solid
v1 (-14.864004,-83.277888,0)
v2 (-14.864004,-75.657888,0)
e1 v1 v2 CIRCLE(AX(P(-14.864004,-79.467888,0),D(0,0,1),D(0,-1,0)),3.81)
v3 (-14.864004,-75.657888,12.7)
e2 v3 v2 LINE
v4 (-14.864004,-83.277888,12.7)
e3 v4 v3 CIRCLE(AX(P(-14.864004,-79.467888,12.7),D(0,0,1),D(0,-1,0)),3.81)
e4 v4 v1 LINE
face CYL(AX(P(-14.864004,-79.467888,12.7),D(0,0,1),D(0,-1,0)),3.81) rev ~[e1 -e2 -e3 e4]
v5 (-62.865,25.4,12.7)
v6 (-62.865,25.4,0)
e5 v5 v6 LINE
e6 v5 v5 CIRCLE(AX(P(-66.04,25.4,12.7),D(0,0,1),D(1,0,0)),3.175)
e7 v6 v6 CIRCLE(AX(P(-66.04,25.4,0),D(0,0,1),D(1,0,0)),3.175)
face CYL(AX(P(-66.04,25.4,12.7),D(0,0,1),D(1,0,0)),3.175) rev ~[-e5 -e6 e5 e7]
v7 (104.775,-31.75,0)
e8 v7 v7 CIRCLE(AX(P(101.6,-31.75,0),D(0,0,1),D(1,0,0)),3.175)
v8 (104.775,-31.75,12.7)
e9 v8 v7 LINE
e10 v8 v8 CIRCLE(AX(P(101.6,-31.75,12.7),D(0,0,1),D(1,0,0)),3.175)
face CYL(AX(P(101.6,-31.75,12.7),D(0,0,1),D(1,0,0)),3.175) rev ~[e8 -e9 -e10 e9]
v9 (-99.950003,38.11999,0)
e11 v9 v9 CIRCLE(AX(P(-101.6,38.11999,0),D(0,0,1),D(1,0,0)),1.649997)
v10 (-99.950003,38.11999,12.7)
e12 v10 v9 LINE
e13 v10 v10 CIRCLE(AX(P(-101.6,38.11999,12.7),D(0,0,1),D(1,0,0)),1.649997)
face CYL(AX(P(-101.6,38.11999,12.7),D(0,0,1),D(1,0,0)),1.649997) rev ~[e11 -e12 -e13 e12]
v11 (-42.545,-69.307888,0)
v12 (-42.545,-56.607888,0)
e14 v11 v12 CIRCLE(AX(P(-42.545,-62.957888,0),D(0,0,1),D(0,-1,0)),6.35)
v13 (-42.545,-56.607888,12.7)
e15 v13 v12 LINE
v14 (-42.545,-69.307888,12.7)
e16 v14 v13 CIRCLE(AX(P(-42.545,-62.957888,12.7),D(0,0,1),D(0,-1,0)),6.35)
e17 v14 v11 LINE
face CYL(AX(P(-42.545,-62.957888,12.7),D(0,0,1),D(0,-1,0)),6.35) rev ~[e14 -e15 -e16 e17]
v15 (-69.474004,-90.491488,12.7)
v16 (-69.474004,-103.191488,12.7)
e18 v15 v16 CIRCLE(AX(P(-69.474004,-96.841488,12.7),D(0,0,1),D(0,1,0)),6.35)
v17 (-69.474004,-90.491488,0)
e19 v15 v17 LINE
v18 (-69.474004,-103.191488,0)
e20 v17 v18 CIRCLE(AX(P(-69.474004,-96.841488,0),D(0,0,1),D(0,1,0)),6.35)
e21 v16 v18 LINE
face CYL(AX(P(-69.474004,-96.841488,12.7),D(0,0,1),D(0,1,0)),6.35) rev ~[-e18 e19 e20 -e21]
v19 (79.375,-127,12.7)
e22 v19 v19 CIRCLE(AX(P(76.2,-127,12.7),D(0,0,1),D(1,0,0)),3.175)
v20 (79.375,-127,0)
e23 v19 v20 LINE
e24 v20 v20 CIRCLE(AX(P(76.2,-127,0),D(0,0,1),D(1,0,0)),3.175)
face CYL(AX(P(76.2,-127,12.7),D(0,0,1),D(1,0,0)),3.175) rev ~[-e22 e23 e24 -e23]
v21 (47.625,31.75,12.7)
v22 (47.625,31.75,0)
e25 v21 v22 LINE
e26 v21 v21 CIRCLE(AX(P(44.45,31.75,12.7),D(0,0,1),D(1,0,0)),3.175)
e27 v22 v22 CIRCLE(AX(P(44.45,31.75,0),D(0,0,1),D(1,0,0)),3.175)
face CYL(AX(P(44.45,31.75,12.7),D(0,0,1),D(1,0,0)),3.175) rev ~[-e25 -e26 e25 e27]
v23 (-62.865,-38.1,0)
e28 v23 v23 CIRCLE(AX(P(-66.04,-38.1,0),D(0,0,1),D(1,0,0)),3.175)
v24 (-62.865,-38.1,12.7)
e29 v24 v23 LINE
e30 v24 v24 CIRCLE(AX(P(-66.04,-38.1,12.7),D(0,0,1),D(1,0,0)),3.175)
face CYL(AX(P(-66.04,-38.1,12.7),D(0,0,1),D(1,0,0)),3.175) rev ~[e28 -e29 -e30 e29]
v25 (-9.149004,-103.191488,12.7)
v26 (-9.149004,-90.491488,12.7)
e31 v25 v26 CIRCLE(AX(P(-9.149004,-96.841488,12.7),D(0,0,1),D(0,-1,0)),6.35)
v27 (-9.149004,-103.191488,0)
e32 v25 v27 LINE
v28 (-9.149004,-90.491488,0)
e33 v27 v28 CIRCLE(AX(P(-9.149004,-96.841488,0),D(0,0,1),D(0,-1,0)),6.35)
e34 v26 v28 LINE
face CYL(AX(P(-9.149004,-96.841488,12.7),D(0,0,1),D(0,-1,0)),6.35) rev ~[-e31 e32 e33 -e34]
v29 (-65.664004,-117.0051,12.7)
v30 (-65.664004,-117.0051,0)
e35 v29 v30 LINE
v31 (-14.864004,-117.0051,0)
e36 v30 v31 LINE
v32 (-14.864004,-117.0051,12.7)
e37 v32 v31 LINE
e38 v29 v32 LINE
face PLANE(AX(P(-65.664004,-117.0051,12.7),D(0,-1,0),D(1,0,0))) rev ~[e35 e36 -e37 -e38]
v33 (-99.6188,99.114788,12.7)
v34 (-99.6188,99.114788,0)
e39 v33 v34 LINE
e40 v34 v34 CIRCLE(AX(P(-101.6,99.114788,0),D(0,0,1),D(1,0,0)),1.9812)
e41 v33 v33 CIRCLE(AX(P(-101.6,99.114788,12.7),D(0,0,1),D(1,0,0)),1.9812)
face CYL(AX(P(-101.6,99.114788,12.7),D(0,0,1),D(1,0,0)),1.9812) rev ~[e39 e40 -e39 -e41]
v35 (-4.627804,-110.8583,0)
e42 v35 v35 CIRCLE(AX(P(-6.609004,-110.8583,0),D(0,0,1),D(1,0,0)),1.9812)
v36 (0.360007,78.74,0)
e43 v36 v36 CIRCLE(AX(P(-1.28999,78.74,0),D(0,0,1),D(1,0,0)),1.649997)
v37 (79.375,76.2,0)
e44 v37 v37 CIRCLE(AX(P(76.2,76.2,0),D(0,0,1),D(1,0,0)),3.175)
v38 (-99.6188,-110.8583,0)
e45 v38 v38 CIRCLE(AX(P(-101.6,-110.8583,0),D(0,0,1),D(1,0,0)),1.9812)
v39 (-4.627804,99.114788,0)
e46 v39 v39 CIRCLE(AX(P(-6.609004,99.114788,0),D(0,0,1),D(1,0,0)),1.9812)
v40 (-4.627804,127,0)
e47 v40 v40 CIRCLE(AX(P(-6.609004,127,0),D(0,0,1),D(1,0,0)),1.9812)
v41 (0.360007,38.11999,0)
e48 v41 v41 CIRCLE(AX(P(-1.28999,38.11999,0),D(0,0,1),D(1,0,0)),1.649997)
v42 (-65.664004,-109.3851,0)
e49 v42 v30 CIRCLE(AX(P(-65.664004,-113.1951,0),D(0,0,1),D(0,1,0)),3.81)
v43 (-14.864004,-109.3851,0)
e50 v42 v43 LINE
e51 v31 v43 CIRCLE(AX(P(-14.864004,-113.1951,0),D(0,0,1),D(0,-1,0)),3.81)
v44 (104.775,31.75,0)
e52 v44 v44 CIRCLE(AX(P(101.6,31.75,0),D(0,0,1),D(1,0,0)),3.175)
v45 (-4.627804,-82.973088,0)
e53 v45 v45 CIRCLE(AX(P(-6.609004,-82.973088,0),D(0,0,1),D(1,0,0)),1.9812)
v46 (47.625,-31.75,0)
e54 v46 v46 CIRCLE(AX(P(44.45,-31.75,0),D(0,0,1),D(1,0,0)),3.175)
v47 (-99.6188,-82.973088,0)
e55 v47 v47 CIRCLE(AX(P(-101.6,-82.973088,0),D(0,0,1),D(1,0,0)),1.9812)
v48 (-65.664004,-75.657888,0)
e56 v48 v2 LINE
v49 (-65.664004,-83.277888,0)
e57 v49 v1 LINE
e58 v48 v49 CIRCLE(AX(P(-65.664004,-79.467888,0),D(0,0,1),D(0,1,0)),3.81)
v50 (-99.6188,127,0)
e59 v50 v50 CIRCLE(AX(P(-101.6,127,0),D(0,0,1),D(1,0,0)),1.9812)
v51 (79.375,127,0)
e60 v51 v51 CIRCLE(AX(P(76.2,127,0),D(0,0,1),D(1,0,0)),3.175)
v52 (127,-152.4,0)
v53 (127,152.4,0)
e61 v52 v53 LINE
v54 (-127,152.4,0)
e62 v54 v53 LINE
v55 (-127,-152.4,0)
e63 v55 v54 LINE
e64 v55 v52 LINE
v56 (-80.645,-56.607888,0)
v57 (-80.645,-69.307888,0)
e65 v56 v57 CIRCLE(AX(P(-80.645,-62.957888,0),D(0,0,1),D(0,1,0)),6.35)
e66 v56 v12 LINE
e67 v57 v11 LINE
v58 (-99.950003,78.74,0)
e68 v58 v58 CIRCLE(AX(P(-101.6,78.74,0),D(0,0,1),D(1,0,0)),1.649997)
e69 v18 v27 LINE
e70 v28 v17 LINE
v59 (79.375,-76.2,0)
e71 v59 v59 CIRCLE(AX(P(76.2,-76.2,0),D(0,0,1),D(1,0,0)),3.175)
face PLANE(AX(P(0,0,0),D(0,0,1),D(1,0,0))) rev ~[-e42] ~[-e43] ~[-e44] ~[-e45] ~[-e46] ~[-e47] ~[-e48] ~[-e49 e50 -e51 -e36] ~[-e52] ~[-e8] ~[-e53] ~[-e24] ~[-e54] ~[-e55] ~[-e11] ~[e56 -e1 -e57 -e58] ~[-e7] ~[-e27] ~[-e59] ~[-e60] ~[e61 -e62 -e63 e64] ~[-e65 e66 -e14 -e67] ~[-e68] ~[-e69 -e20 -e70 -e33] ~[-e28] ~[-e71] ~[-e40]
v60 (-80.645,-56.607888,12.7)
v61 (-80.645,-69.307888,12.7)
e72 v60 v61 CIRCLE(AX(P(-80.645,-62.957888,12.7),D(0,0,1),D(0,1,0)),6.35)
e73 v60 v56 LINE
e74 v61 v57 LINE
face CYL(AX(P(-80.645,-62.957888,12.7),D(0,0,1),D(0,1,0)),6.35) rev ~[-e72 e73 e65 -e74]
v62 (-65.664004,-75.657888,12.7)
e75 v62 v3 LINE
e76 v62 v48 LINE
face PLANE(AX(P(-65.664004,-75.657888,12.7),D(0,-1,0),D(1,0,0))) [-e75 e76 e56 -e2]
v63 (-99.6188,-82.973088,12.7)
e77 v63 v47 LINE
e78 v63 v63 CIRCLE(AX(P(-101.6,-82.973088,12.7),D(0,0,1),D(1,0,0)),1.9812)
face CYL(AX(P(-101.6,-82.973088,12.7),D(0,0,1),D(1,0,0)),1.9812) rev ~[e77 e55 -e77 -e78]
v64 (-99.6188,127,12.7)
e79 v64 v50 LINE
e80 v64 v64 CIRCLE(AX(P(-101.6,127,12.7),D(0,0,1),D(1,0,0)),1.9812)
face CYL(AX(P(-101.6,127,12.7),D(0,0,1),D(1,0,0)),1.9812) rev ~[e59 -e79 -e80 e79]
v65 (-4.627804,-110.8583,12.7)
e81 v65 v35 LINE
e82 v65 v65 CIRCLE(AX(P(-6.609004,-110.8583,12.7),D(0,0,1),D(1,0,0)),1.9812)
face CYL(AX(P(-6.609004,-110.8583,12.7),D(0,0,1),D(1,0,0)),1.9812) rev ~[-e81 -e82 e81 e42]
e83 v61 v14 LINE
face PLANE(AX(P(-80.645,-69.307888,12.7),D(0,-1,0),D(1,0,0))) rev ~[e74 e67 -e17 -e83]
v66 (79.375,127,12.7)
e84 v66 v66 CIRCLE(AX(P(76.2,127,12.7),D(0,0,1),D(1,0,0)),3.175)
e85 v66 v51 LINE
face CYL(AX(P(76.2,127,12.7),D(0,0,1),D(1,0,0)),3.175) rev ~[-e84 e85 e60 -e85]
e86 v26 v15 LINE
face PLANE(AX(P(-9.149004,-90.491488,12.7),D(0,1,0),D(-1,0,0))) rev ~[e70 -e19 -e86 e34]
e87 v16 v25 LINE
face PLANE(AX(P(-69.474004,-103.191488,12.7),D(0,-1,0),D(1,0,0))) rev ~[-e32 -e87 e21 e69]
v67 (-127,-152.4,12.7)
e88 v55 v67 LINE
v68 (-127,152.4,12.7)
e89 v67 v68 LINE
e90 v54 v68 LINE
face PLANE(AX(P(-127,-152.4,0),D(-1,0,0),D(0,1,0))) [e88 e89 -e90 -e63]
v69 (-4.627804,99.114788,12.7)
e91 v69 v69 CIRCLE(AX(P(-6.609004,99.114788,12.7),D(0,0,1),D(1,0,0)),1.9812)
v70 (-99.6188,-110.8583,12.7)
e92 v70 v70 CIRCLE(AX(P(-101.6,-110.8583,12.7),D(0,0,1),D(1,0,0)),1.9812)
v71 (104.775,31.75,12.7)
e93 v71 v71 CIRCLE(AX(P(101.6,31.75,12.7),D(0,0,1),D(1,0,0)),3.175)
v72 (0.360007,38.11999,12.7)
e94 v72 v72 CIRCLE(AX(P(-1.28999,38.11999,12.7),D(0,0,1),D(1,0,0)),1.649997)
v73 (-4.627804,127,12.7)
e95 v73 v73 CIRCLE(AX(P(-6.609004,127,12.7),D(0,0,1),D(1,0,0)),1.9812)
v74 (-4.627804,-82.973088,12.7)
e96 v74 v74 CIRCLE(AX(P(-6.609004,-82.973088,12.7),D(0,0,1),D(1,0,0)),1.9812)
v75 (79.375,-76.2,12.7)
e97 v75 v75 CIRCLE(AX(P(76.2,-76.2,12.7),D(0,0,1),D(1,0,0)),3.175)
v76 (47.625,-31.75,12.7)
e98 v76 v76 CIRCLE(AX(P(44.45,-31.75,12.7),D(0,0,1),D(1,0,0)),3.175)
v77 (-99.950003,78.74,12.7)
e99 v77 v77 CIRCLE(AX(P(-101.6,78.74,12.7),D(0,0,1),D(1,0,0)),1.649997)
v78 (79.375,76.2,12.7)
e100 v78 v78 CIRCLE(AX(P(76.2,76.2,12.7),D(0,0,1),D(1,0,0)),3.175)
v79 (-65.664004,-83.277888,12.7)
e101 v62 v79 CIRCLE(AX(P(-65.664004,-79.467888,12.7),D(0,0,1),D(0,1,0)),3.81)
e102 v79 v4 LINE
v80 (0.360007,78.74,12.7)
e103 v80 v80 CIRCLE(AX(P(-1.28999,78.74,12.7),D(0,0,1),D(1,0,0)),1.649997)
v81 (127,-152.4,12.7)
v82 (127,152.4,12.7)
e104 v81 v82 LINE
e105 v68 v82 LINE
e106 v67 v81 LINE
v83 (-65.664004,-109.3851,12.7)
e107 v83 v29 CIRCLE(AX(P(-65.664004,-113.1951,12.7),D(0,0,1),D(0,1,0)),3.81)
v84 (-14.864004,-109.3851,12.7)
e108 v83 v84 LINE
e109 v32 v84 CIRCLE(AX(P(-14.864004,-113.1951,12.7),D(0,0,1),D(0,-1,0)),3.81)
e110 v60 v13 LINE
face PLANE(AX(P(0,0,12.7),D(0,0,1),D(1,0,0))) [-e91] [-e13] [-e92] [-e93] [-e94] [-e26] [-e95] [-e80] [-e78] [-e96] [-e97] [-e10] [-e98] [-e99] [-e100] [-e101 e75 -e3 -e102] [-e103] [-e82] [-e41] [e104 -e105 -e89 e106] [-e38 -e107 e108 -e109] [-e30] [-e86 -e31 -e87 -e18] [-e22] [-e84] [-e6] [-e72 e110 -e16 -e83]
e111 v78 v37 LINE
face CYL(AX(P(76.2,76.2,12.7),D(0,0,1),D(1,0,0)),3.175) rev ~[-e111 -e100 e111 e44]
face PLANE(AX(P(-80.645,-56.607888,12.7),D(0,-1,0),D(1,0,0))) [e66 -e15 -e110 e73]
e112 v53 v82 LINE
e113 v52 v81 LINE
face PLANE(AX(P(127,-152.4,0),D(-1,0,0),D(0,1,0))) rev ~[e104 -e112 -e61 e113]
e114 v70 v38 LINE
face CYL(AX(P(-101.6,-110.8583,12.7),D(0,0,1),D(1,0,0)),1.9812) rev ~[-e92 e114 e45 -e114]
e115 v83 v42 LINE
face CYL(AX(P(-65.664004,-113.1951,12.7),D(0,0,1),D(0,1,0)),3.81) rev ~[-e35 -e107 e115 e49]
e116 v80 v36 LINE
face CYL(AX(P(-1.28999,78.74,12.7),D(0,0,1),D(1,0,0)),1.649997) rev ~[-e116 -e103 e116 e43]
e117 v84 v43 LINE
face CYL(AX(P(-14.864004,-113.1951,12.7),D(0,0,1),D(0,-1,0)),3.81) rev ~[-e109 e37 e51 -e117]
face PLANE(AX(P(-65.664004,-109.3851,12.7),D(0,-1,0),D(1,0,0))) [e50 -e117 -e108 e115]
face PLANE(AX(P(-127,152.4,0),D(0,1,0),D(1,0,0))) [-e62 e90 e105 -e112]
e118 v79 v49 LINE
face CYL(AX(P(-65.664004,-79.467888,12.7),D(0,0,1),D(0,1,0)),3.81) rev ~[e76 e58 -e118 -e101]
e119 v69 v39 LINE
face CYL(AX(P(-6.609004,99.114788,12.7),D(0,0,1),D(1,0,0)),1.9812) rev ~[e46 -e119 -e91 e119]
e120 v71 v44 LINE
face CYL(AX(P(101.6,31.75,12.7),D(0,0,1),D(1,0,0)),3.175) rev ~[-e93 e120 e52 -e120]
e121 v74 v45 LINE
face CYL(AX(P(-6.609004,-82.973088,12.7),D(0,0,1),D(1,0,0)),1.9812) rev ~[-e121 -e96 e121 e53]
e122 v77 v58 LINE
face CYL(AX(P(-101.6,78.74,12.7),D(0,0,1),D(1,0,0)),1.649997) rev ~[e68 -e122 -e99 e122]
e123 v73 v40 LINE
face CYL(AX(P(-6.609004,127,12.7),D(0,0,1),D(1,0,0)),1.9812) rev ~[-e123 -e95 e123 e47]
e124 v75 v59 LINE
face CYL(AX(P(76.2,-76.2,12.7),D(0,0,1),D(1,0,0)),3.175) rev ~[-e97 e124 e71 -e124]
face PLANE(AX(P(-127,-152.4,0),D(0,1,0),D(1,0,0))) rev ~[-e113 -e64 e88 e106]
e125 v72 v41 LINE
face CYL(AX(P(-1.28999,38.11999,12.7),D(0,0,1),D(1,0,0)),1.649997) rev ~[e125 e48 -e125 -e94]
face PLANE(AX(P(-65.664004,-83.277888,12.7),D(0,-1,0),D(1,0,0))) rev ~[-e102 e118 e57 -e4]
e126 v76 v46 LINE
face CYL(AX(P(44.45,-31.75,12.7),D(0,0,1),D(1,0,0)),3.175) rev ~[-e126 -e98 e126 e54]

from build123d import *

# Parameters (mm, degrees)
F0_W     = 254
F0_H     = 304.8
F1_DEPTH = 12.7
F2_R     = 1.9812
F2_R_2   = 1.649997
F2_R_3   = 3.175
F2_W     = 50.8
F2_H     = 7.62
F2_W_2   = 38.1
F2_H_2   = 12.7
F3_DEPTH = 25.4


with BuildPart() as f1:
    # F0 (on Top) → F1 (new body)
    with BuildSketch(Plane.XY):
        Rectangle(F0_W, F0_H)
    extrude(amount=F1_DEPTH)

    # F2 (on face) → F3 (cut)
    with BuildSketch(Plane.XY.offset(12.7)):
        with Locations((-101.6, 127)):
            Circle(F2_R)
        with Locations((-101.6, 99.114788)):
            Circle(F2_R)
        with Locations((-6.609004, 127)):
            Circle(F2_R)
        with Locations((-6.609004, 99.114788)):
            Circle(F2_R)
        with Locations((-101.6, -82.973088)):
            Circle(F2_R)
        with Locations((-6.609004, -82.973088)):
            Circle(F2_R)
        with Locations((-6.609004, -110.8583)):
            Circle(F2_R)
        with Locations((-101.6, -110.8583)):
            Circle(F2_R)
        with Locations((-101.6, 78.74)):
            Circle(F2_R_2)
        with Locations((-101.6, 38.11999)):
            Circle(F2_R_2)
        with Locations((-66.04, 25.4)):
            Circle(F2_R_3)
        with Locations((-66.04, -38.1)):
            Circle(F2_R_3)
        with Locations((76.2, -76.2)):
            Circle(F2_R_3)
        with Locations((76.2, -127)):
            Circle(F2_R_3)
        with Locations((76.2, 127)):
            Circle(F2_R_3)
        with Locations((76.2, 76.2)):
            Circle(F2_R_3)
        with Locations((44.45, 31.75)):
            Circle(F2_R_3)
        with Locations((101.6, 31.75)):
            Circle(F2_R_3)
        with Locations((44.45, -31.75)):
            Circle(F2_R_3)
        with Locations((101.6, -31.75)):
            Circle(F2_R_3)
        Polygon((-9.149004, -90.491488), (-69.474004, -90.491488), (-69.474004, -96.841488), (-69.474004, -103.191488), (-9.149004, -103.191488), align=None)
        with BuildLine():
            Line((-69.474004, -96.841488), (-69.474004, -90.491488))
            ThreePointArc((-69.474004, -90.491488), (-75.824004, -96.841488), (-69.474004, -103.191488))
            Line((-69.474004, -103.191488), (-69.474004, -96.841488))
        make_face()
        with BuildLine():
            ThreePointArc((-9.149004, -103.191488), (-2.799004, -96.841488), (-9.149004, -90.491488))
            Line((-9.149004, -90.491488), (-9.149004, -103.191488))
        make_face()
        with Locations((-40.264004, -113.1951)):
            Rectangle(F2_W, F2_H)
        with BuildLine():
            Line((-65.664004, -117.0051), (-65.664004, -109.3851))
            ThreePointArc((-65.664004, -109.3851), (-69.474004, -113.1951), (-65.664004, -117.0051))
        make_face()
        with BuildLine():
            ThreePointArc((-14.864004, -117.0051), (-11.054004, -113.1951), (-14.864004, -109.3851))
            Line((-14.864004, -109.3851), (-14.864004, -117.0051))
        make_face()
        with Locations((-61.595, -62.957888)):
            Rectangle(F2_W_2, F2_H_2)
        with BuildLine():
            Line((-80.645, -69.307888), (-80.645, -56.607888))
            ThreePointArc((-80.645, -56.607888), (-86.995, -62.957888), (-80.645, -69.307888))
        make_face()
        with BuildLine():
            ThreePointArc((-42.545, -69.307888), (-36.195, -62.957888), (-42.545, -56.607888))
            Line((-42.545, -56.607888), (-42.545, -69.307888))
        make_face()
        with Locations((-40.264004, -79.467888)):
            Rectangle(F2_W, F2_H)
        with BuildLine():
            Line((-65.664004, -83.277888), (-65.664004, -75.657888))
            ThreePointArc((-65.664004, -75.657888), (-69.474004, -79.467888), (-65.664004, -83.277888))
        make_face()
        with BuildLine():
            ThreePointArc((-14.864004, -83.277888), (-11.054004, -79.467888), (-14.864004, -75.657888))
            Line((-14.864004, -75.657888), (-14.864004, -83.277888))
        make_face()
        with Locations((-1.28999, 78.74)):
            Circle(F2_R_2)
        with Locations((-1.28999, 38.11999)):
            Circle(F2_R_2)
    extrude(amount=-F3_DEPTH, mode=Mode.SUBTRACT)


solid = f1.part
